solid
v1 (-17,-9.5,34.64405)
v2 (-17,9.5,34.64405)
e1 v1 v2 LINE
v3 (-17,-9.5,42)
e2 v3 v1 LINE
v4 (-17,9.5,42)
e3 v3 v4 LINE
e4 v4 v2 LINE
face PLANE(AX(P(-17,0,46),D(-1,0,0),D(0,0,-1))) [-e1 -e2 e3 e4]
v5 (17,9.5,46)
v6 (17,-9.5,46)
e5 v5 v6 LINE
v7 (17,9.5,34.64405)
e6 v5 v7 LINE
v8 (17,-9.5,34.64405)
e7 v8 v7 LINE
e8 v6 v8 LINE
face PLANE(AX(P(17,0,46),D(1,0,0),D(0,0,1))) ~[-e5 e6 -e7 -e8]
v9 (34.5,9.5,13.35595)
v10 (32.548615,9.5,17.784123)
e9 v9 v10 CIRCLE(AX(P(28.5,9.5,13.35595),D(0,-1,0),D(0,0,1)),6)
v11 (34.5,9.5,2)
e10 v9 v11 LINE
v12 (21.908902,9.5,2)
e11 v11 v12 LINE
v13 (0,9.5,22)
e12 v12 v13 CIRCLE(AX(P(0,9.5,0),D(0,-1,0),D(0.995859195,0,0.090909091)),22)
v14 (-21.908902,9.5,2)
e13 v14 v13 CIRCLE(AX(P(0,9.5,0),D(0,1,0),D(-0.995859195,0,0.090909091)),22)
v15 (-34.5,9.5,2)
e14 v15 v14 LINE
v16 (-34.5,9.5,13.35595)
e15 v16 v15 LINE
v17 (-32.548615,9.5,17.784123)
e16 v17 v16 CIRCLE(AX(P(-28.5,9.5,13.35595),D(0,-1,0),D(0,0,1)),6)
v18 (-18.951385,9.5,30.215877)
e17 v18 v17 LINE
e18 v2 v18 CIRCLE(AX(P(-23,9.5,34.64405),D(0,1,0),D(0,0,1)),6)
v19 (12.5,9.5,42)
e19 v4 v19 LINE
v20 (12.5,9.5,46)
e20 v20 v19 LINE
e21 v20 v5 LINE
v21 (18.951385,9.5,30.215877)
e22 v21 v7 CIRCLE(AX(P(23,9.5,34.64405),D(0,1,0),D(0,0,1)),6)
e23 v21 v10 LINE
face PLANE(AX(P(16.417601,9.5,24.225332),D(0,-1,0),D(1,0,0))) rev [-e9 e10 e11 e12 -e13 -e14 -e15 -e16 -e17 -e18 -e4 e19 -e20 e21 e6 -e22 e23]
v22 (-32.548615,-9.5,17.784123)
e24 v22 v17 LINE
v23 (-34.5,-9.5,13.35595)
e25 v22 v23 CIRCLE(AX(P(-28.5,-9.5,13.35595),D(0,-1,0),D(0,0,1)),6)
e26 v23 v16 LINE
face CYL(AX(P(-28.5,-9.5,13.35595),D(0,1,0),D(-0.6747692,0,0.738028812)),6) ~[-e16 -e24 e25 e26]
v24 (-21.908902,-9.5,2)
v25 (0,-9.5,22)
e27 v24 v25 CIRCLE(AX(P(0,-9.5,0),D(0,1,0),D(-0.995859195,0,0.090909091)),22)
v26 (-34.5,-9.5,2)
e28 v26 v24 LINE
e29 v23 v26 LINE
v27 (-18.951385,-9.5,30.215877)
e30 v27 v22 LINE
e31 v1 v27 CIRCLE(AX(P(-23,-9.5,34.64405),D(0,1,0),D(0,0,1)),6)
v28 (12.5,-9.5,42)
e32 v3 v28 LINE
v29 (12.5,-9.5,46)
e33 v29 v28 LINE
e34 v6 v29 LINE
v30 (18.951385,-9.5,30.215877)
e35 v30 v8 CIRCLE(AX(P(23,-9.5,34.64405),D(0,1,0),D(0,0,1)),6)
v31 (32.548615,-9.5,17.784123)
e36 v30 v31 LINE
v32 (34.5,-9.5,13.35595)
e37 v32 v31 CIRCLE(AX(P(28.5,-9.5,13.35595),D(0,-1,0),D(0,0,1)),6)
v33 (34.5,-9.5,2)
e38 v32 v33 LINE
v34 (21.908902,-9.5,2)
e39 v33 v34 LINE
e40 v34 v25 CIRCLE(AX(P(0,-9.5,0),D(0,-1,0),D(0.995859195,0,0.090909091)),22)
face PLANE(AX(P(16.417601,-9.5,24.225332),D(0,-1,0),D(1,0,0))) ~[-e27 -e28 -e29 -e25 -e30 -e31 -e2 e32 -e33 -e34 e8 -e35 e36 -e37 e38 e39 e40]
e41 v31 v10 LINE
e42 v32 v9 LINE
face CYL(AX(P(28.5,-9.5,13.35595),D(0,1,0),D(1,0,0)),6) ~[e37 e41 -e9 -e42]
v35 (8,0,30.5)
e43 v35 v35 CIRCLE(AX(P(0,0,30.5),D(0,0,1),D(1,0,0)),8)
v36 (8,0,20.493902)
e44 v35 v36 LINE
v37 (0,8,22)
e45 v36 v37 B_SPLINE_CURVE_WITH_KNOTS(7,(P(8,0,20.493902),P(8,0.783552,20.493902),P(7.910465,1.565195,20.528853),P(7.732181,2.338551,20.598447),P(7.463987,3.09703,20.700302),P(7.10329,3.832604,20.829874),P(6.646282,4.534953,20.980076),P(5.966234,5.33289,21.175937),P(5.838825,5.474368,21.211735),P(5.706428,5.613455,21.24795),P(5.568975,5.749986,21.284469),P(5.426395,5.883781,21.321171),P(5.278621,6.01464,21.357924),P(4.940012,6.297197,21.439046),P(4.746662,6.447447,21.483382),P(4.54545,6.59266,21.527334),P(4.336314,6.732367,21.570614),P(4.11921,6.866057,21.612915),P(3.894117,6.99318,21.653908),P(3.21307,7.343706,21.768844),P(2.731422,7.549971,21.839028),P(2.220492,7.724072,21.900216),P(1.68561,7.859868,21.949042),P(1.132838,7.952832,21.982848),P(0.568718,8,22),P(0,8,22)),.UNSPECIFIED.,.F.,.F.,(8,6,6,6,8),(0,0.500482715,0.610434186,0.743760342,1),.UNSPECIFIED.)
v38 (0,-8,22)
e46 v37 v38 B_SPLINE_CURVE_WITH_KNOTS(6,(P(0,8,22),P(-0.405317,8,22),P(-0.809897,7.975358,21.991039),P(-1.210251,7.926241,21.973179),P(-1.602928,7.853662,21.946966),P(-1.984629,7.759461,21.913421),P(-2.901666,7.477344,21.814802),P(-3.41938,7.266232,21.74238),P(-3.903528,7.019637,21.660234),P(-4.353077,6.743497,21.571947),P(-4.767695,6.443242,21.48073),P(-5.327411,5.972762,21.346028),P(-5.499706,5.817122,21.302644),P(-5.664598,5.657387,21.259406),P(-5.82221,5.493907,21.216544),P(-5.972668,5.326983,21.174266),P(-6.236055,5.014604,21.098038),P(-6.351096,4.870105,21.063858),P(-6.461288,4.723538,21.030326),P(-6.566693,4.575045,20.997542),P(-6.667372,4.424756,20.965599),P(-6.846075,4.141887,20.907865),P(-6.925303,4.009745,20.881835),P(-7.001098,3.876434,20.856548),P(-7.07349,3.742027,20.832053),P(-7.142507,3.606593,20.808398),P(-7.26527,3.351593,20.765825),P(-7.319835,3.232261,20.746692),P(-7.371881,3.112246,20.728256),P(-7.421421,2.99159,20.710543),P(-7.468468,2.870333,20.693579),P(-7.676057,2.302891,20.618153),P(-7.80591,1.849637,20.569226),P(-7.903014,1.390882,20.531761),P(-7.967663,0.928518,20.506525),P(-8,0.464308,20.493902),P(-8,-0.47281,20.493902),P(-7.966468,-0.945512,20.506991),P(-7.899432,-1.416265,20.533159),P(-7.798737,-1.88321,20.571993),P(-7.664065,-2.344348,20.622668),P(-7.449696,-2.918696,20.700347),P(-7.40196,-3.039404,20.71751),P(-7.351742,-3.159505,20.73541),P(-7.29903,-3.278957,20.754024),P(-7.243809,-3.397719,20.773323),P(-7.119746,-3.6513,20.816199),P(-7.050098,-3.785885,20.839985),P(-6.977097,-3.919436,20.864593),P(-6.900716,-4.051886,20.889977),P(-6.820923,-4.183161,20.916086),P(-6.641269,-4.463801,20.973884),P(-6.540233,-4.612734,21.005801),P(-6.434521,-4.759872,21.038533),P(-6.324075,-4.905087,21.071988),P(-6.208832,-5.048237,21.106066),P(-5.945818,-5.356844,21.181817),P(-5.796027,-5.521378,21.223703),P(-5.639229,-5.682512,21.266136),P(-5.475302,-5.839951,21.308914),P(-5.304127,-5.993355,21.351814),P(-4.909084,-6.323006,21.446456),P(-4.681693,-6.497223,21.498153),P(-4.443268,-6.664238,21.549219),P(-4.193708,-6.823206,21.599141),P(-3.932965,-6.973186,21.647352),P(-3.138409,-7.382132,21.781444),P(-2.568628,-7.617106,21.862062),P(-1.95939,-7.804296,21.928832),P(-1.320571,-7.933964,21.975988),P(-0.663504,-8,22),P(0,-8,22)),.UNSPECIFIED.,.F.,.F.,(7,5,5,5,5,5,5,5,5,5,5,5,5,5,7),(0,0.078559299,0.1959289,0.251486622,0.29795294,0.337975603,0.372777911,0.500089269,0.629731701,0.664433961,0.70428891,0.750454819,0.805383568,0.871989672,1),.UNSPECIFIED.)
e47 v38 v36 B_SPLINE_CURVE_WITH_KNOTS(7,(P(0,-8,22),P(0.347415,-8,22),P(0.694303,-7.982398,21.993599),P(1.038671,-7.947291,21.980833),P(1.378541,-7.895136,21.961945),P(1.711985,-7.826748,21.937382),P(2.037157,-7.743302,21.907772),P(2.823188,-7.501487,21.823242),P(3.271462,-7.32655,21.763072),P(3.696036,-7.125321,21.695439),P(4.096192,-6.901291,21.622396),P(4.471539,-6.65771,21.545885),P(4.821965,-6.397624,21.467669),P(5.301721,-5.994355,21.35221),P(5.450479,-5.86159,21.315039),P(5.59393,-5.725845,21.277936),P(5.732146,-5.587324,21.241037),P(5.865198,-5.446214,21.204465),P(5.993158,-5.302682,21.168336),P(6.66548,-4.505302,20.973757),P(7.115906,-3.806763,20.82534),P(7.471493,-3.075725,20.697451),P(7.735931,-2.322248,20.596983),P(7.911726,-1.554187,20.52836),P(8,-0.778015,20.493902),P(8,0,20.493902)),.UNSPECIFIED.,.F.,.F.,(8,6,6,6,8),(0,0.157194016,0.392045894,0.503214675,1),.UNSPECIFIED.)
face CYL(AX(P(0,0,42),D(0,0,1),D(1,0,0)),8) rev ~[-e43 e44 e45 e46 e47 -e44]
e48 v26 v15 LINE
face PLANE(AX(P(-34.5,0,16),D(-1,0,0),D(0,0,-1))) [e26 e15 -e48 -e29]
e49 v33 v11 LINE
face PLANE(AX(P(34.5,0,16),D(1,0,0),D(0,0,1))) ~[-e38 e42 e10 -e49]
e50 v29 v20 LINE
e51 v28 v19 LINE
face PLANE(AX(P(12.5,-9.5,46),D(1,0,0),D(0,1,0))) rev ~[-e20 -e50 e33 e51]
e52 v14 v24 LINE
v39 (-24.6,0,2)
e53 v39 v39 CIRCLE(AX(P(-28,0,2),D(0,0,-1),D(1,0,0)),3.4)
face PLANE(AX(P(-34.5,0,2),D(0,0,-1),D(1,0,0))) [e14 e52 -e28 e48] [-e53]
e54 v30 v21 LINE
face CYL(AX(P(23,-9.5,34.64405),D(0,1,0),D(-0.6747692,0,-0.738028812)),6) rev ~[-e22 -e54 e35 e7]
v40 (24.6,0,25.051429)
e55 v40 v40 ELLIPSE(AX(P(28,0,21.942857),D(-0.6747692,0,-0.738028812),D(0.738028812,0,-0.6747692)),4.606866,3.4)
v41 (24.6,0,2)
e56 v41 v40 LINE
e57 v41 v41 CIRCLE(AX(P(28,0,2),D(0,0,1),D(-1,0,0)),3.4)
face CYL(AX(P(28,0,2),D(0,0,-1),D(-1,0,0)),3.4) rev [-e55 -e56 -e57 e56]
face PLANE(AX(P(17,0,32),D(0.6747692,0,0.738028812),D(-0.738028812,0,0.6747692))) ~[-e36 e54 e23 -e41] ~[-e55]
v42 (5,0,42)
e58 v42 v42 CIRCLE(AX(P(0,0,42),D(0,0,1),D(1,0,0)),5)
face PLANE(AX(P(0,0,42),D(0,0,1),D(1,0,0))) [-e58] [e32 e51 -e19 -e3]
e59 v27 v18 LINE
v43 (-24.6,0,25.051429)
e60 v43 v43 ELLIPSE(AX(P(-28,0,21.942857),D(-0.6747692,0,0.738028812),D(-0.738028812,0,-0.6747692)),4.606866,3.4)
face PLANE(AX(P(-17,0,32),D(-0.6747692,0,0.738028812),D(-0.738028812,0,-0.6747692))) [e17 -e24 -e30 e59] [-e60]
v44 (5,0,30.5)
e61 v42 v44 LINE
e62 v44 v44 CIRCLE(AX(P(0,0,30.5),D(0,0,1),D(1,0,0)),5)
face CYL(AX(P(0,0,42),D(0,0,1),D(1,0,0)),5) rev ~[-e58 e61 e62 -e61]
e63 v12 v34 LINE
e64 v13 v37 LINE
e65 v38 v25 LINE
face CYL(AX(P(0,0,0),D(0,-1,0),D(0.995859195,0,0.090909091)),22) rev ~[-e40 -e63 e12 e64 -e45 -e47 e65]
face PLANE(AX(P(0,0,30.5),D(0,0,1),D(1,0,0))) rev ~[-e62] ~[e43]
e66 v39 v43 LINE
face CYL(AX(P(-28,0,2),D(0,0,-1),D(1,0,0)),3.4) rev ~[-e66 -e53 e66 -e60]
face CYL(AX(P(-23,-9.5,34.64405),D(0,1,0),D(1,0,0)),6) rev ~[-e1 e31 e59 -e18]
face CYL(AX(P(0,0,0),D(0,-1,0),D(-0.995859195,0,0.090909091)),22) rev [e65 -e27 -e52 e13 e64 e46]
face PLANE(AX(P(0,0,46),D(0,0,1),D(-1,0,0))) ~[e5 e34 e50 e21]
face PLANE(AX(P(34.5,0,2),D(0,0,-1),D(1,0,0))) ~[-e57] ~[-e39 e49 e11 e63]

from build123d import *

# Parameters (mm, degrees)
F1_DEPTH  = 9.5
F2_R      = 3.4
F3_DEPTH  = 23.0524285714
F5_W      = 29.5
F5_H      = 19
F6_DEPTH  = 4
F7_R      = 8
F8_DEPTH  = 40.001
F9_R      = 8
F9_R_2    = 5
F10_DEPTH = 11.5
F11_R     = 6


with BuildPart() as f1:
    # F0 (on Front) → F1 (new body, symmetric)
    with BuildSketch(Plane.XZ):
        with BuildLine():
            Line((-34.5, 2), (-21.9089023002, 2))
            ThreePointArc((-21.9089023002, 2), (-14.8323969742, 16.2480768093), (0, 22))
            Line((0, 22), (0, 46))
            Line((0, 46), (-17, 46))
            Line((-17, 46), (-17, 32))
            Line((-17, 32), (-34.5, 16))
            Line((-34.5, 16), (-34.5, 2))
        make_face()
    extrude(amount=F1_DEPTH, both=True)

    # F2 (on face) → F3 (cut, through all)
    with BuildSketch(Plane(origin=(0, 0, 2), x_dir=(1, 0, 0), z_dir=(0, 0, -1))):
        with Locations((-28, 0)):
            Circle(F2_R)
    extrude(amount=-F3_DEPTH, mode=Mode.SUBTRACT)

    # F4: F1 across plane


with BuildPart() as f1_1:
    add(f1.part)
    add(f1.part.mirror(Plane.YZ))

    # F5 (on face) → F6 (cut)
    with BuildSketch(Plane.XY.offset(46)):
        with Locations((-2.25, 0)):
            Rectangle(F5_W, F5_H)
    extrude(amount=-F6_DEPTH, mode=Mode.SUBTRACT)

    # F7 (on face) → F8 (cut, through all)
    with BuildSketch(Plane.XY.offset(42)):
        Circle(F7_R)
    extrude(amount=-F8_DEPTH, mode=Mode.SUBTRACT)

    # F9 (on face) → F10 (join)
    with BuildSketch(Plane.XY.offset(42)):
        Circle(F9_R)
        Circle(F9_R_2, mode=Mode.SUBTRACT)
    extrude(amount=-F10_DEPTH)

    # F11
    f11_edges = [f1_1.edges().sort_by_distance(p)[0] for p in [
        (-34.5, 0, 16),
        (34.5, 0, 16),
        (-17, 0, 32),
        (17, 0, 32),
    ]]
    fillet(f11_edges, radius=F11_R)


solid = f1_1.part
